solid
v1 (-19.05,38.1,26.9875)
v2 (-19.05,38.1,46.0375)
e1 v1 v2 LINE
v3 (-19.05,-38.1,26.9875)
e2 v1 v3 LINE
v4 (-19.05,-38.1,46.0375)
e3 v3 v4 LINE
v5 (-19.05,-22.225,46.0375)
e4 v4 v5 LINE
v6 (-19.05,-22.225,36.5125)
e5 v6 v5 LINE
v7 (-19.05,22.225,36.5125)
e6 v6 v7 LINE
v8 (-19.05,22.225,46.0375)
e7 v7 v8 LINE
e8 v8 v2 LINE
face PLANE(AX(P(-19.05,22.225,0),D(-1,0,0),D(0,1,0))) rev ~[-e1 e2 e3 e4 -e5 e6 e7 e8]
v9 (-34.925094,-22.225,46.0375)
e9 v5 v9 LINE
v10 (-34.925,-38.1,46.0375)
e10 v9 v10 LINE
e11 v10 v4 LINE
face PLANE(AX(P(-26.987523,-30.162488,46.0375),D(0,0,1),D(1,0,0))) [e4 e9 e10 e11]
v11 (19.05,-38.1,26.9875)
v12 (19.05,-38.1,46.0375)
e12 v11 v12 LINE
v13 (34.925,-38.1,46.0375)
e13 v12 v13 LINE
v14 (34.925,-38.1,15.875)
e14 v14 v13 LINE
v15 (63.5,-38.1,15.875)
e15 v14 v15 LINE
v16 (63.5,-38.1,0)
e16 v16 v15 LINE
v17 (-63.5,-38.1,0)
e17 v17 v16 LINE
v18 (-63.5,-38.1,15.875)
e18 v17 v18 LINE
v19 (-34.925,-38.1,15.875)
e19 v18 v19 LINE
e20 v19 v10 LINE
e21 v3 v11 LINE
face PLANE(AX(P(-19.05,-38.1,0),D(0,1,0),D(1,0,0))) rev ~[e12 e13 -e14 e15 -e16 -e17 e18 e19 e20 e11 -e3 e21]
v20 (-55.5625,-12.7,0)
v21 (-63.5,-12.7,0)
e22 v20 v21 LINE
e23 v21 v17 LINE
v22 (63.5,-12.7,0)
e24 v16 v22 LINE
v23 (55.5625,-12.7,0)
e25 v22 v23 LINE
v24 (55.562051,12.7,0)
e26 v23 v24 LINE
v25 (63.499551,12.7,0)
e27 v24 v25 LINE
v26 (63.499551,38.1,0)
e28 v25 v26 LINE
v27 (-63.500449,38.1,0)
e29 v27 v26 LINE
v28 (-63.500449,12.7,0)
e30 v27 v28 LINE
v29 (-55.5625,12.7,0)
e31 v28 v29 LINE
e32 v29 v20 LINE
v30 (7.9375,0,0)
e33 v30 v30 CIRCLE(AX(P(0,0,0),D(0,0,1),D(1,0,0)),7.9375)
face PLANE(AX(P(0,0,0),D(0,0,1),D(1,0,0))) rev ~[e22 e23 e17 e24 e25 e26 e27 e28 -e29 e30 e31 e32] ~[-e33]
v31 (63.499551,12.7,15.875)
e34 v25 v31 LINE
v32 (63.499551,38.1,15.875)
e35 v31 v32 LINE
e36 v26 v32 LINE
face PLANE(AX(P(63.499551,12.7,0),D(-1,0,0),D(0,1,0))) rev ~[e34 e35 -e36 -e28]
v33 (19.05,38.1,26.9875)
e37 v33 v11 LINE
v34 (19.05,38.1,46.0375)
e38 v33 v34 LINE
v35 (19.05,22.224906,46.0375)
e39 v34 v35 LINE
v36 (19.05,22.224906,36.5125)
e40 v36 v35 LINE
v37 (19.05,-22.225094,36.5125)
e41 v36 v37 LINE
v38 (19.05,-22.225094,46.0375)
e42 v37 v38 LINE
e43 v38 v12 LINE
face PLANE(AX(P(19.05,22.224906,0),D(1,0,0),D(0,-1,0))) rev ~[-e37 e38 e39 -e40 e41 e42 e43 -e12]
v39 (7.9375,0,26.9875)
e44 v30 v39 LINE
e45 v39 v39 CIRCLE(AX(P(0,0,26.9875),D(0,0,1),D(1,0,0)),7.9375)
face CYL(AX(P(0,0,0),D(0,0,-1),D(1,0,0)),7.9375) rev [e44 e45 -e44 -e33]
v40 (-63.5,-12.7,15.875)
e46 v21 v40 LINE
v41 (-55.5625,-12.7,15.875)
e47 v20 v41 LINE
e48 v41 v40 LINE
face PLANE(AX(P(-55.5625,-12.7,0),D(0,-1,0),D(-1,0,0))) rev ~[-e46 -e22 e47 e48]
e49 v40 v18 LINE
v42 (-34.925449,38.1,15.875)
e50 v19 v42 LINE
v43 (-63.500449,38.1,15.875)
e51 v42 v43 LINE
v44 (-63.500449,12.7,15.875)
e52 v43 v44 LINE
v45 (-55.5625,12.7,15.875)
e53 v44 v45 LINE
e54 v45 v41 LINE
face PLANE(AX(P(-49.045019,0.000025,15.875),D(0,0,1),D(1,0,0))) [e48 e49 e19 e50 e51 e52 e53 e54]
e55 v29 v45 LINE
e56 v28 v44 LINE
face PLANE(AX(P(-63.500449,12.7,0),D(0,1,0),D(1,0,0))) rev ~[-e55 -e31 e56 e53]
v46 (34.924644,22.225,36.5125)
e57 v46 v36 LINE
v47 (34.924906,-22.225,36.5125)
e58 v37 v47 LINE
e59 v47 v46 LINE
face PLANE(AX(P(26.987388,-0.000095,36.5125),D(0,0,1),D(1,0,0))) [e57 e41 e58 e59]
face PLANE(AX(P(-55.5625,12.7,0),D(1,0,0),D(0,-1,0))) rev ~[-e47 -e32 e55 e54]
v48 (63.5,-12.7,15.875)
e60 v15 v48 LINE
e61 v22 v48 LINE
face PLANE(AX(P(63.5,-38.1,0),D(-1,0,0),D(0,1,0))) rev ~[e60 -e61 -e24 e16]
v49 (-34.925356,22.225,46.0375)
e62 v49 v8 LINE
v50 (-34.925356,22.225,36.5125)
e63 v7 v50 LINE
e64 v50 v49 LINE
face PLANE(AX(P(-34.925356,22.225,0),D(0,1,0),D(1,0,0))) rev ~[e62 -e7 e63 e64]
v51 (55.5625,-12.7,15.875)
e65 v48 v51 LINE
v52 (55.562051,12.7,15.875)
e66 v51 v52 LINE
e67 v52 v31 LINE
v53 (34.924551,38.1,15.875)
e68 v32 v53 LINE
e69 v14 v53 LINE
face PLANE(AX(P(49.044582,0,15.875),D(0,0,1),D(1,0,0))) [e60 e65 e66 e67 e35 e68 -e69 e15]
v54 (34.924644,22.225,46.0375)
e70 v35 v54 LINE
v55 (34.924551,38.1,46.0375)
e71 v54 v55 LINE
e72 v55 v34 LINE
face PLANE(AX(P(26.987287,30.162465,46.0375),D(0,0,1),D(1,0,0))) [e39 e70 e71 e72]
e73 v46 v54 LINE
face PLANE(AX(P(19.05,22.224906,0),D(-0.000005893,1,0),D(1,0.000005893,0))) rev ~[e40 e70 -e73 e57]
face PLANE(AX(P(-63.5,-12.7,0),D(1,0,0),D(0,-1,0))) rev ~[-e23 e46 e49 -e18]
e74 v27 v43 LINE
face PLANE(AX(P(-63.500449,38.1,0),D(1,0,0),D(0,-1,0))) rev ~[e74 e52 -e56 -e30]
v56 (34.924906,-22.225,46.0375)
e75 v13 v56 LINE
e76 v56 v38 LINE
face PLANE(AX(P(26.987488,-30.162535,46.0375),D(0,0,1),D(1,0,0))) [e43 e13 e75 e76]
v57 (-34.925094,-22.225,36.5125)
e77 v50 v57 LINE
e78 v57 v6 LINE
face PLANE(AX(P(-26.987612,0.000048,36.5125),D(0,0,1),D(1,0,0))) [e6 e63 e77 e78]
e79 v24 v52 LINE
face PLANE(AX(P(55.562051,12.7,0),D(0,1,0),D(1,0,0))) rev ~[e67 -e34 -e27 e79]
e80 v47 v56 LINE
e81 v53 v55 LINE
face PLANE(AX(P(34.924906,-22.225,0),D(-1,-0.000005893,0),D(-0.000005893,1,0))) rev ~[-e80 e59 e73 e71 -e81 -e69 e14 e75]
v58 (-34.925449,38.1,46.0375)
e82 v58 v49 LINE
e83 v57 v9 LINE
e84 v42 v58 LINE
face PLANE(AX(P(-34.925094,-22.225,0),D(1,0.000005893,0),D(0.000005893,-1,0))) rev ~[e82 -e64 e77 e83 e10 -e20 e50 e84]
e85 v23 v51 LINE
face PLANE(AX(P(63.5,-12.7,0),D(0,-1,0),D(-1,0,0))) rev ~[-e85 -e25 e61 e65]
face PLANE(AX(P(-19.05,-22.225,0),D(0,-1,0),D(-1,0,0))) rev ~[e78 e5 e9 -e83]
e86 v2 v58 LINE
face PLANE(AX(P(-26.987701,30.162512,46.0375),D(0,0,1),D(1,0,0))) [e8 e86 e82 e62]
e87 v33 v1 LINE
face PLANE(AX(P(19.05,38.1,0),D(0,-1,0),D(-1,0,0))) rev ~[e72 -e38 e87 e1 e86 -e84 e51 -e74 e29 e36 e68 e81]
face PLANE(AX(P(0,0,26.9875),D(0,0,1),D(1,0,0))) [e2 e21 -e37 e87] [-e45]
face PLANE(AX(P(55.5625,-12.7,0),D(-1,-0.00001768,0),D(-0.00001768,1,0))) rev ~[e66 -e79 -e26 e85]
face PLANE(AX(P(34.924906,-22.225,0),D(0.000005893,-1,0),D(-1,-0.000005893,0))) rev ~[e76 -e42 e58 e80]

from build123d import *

# Parameters (mm, degrees)
F1_DEPTH = 31.75
F2_DEPTH = 92.075
F0_R     = 15.875
F3_DEPTH = 53.975
F4_DEPTH = 73.025
F5_SCALE = 0.5


with BuildPart() as f1:
    # F0 (on Top) → F1 (new body)
    with BuildSketch(Plane.XY):
        Polygon((69.8498128911, -44.4499999985), (69.85, -76.2), (127, -76.2), (127, -25.4), (111.125, -25.4), (111.1241018772, 25.4), (126.9991018772, 25.4), (126.9991018772, 76.2), (69.8491018772, 76.2), (69.8492889861, 44.45), align=None)
    extrude(amount=F1_DEPTH)

    # F0 (on Top) → F2, piece 2 (join)
    with BuildSketch(Plane.XY):
        Polygon((38.1, 76.2), (38.1, 44.4498128953), (69.8492889861, 44.45), (69.8491018772, 76.2), align=None)
        Polygon((38.1, -44.4501871063), (38.1, -76.2), (69.85, -76.2), (69.8498128911, -44.4499999985), align=None)
    extrude(amount=F2_DEPTH)



with BuildPart() as f1b:
    # F0 (on Top) → F1, piece 2 (new body)
    with BuildSketch(Plane.XY):
        Polygon((-111.125, -25.4), (-127, -25.4), (-127, -76.2), (-69.85, -76.2), (-69.8501871089, -44.45), (-69.8507110139, 44.45), (-69.8508981228, 76.2), (-127.0008981228, 76.2), (-127.0008981228, 25.4), (-111.125, 25.4), align=None)
    extrude(amount=F1_DEPTH)

    # F0 (on Top) → F2 (join)
    with BuildSketch(Plane.XY):
        Polygon((-69.8508981228, 76.2), (-69.8507110139, 44.45), (-38.1, 44.45), (-38.1, 76.2), align=None)
        Polygon((-69.8501871089, -44.45), (-69.85, -76.2), (-38.1, -76.2), (-38.1, -44.45), align=None)
    extrude(amount=F2_DEPTH)


with BuildPart() as f1_1:
    add(f1.part)

    add(f1b.part)  # F3 merges F1b
    # F0 (on Top) → F3 (join)
    with BuildSketch(Plane.XY):
        Polygon((-38.1, -44.45), (-38.1, -76.2), (0, -76.2), (38.1, -76.2), (38.1, -44.4501871063), (38.1, 44.4498128953), (38.1, 76.2), (-38.1, 76.2), (-38.1, 44.45), align=None)
        Circle(F0_R, mode=Mode.SUBTRACT)
    extrude(amount=F3_DEPTH)

    # F0 (on Top) → F4 (join)
    with BuildSketch(Plane.XY):
        Polygon((38.1, 44.4498128953), (38.1, -44.4501871063), (69.8498128911, -44.4499999985), (69.8492889861, 44.45), align=None)
        Polygon((-69.8507110139, 44.45), (-69.8501871089, -44.45), (-38.1, -44.45), (-38.1, 44.45), align=None)
    extrude(amount=F4_DEPTH)


with BuildPart() as f1_2:
    # F5: moved
    add(f1_1.part.scale(F5_SCALE))


solid = f1_2.part
